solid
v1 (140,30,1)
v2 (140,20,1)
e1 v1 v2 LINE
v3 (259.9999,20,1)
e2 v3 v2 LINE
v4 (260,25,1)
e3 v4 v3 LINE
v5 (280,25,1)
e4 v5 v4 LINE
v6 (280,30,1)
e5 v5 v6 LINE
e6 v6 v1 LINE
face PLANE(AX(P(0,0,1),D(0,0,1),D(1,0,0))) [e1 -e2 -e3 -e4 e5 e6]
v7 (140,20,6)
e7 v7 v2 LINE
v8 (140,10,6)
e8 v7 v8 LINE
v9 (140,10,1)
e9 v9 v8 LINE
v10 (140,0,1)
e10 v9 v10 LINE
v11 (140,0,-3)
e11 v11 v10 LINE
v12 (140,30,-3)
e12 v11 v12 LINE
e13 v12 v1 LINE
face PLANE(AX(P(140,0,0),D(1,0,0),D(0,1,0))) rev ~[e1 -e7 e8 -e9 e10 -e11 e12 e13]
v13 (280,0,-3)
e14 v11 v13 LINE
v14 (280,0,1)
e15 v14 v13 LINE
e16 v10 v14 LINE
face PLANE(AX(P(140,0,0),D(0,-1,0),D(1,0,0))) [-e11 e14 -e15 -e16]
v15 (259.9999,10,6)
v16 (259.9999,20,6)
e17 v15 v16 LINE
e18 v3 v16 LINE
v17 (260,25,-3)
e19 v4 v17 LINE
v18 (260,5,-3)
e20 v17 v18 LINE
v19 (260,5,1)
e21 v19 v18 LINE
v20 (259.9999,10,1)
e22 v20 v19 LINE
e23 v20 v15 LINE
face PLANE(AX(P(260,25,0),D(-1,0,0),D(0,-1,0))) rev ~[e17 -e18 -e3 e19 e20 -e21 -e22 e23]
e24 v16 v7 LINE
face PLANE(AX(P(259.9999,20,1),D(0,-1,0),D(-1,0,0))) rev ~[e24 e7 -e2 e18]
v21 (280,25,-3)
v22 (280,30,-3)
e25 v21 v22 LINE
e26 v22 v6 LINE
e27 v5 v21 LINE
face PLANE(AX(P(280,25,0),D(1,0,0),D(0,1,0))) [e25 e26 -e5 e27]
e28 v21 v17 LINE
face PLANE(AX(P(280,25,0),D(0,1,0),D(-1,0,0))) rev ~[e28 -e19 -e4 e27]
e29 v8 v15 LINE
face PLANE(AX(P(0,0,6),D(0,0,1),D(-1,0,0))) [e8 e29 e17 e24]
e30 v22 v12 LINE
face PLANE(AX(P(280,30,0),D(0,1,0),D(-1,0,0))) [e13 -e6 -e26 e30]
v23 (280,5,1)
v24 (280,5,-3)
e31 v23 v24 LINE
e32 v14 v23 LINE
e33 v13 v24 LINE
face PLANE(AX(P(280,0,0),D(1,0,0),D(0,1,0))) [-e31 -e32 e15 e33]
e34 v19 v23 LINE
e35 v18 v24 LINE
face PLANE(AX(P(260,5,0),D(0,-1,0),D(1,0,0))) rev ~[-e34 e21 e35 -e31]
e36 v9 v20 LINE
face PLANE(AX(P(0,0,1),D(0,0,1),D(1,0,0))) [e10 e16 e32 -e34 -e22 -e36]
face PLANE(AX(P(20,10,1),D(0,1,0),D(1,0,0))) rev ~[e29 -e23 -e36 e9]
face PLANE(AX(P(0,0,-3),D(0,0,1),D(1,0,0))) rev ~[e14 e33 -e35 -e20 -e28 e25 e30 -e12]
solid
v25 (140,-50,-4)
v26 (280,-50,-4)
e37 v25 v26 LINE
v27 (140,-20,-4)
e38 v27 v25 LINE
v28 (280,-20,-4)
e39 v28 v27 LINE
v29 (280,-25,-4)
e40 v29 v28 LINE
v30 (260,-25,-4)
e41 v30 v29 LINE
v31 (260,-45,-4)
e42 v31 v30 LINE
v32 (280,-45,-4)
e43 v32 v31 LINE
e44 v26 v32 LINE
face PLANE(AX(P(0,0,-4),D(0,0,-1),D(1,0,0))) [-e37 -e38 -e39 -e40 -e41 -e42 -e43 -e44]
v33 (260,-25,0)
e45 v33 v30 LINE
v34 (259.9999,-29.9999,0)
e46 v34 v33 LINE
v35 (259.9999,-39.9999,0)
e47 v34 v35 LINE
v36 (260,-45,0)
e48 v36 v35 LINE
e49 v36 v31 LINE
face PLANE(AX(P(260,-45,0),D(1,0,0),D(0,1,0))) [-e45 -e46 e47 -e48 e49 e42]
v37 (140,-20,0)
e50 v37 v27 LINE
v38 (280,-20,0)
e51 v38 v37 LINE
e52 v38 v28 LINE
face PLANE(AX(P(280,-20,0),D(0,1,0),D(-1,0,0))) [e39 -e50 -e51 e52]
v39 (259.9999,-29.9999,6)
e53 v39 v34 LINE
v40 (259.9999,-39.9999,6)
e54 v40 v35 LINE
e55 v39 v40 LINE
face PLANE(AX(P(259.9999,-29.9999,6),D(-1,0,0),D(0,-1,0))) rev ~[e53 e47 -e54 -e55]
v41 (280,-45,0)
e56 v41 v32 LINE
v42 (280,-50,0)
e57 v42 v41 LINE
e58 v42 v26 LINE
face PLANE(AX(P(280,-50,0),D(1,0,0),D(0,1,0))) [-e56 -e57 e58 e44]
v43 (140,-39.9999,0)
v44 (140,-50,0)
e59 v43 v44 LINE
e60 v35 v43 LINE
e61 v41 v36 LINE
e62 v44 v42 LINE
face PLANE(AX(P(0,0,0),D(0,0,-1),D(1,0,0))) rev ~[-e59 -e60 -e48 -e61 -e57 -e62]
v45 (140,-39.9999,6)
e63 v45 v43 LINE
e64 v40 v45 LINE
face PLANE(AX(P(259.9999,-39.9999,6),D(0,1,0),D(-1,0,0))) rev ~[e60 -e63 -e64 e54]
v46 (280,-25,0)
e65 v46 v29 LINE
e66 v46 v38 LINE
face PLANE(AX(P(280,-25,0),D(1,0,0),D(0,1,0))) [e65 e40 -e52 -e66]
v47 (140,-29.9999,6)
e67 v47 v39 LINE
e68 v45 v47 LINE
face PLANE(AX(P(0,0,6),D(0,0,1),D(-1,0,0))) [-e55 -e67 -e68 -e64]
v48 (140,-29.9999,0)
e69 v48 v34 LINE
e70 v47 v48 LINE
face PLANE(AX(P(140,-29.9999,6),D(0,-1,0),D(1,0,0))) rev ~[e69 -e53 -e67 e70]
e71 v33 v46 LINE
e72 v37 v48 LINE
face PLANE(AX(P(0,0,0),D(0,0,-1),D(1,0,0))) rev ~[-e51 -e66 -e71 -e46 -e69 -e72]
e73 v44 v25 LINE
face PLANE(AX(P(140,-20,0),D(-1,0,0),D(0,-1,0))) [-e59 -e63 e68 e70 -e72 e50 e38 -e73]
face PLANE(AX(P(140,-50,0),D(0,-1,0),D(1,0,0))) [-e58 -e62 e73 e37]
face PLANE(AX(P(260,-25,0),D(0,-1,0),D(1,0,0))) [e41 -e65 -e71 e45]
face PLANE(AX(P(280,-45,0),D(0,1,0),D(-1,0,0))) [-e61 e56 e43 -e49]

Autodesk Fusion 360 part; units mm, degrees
sketch "Skizze1" plane through (0, 0, 0) normal (0, 0, 1) x (1, 0, 0)
  line L0 (0, 0) -> (280, 0)
  line L1 (280, 0) -> (280, 30)
  line L2 (280, 30) -> (0, 30)
  line L3 (0, 30) -> (0, 0)
  dimension "d1" = 30
  dimension "d2" = 280
extrude "Extrusion1" add sketch "Skizze1" along normal blind 1 makes body 1
sketch "Skizze2" plane through (0, 0, 1) normal (0, 0, 1) x (-1, 0, 0)
  line L0 (0, -30) -> (0, 0)
  line L1 (0, 0) -> (-280, 0)
  line L2 (-280, 0) -> (-280, -30)
  line L3 (-280, -30) -> (0, -30)
  line L4 (0, -25) -> (-20, -25)
  line L5 (-20, -25) -> (-20, -5)
  line L6 (-20, -5) -> (0, -5)
  line L7 (0, -5) -> (0, -25)
  line L8 (-280, -25) -> (-260, -25)
  line L9 (-260, -25) -> (-260, -5)
  line L10 (-260, -5) -> (-280, -5)
  line L11 (-280, -5) -> (-280, -25)
  dimension "d5" = 20
  dimension "d6" = 20
  dimension "d7" = 5
  dimension "d8" = 5
  dimension "d9" = 20
  dimension "d10" = 20
  dimension "d11" = 5
extrude "Extrusion2" cut sketch "Skizze2" against normal blind 10 contours L0 L4 L5 L6 L7 | L2 L8 L9 L10 L11 bodies 1
sketch "Skizze3" plane through (0, 0, 1) normal (0, 0, 1) x (-1, 0, 0)
  line L0 (-260, -25) -> (-280, -25)
  line L1 (-280, -25) -> (-280, -30)
  line L2 (-280, -30) -> (0, -30)
  line L3 (0, -30) -> (0, -25)
  line L4 (0, -25) -> (-20, -25)
  line L5 (-20, -25) -> (-20, -5)
  line L6 (-20, -5) -> (0, -5)
  line L7 (0, -5) -> (0, 0)
  line L8 (0, 0) -> (-280, 0)
  line L9 (-280, 0) -> (-280, -5)
  line L10 (-280, -5) -> (-260, -5)
  line L11 (-260, -5) -> (-260, -25)
  line L12 (-259.9999, -20) -> (-20, -20)
  line L13 (-20, -20) -> (-20, -10)
  line L14 (-20, -10) -> (-259.9999, -10)
  line L15 (-259.9999, -10) -> (-259.9999, -20)
  dimension "d14" = 10
  dimension "d16" = 10
extrude "Extrusion3" add sketch "Skizze3" along normal blind 5 contours L5 L11 L12 L13 L14 L15 bodies 1
sketch "Skizze4" plane through (0, 0, 0) normal (0, 0, -1) x (1, 0, 0)
  line L0 (280, -25) -> (260, -25)
  line L1 (260, -25) -> (260, -5)
  line L2 (260, -5) -> (280, -5)
  line L3 (280, -5) -> (280, 0)
  line L4 (280, 0) -> (0, 0)
  line L5 (0, 0) -> (0, -5)
  line L6 (0, -5) -> (20, -5)
  line L7 (20, -5) -> (20, -25)
  line L8 (20, -25) -> (0, -25)
  line L9 (0, -25) -> (0, -30)
  line L10 (0, -30) -> (280, -30)
  line L11 (280, -30) -> (280, -25)
  line L12 (0, 0) -> (140, 0)
  line L13 (140, 0) -> (140, -30)
  line L14 (140, -30) -> (0, -30)
  line L15 (0, -30) -> (0, 0)
  dimension "d21" = 140
extrude "Extrusion4" cut sketch "Skizze4" against normal blind 15 contours L4 L5 L6 L7 L8 L9 L10 L12 L13 L14 L15 bodies 1
sketch "Skizze5" plane through (0, 0, 0) normal (0, 0, -1) x (1, 0, 0)
  line L0 (140, 0) -> (140, -30)
  line L1 (140, -30) -> (280, -30)
  line L2 (280, -30) -> (280, -25)
  line L3 (280, -25) -> (260, -25)
  line L4 (260, -25) -> (260, -5)
  line L5 (260, -5) -> (280, -5)
  line L6 (280, -5) -> (280, 0)
  line L7 (280, 0) -> (140, 0)
  line L8 (140, 10) -> (285, 10)
  line L9 (285, 10) -> (285, 5)
  line L10 (285, 5) -> (140, 5)
  line L11 (140, 5) -> (140, 10)
  line L12 (280, 45) -> (260, 45)
  line L13 (280, 50) -> (280, 45)
  line L14 (260, 25) -> (280, 25)
  line L15 (140, 50) -> (280, 50)
  line L16 (260, 45) -> (260, 25)
  line L17 (140, 20) -> (140, 50)
  line L18 (280, 20) -> (140, 20)
  line L19 (280, 25) -> (280, 20)
extrude "Extrusion5" add sketch "Skizze5" along normal blind 4 separate body contours L12 L13 L14 L15 L16 L17 L18 L19 makes body 2
extrude "Extrusion6" add 1 faces at (180, 18.3333, 0) along direction (0, 0, -1) blind 3 on bodies 1 bodies 1
sketch "Skizze6" plane through (0, 0, 6) normal (0, 0, 1) x (-1, 0, 0)
  line L0 (-140, -20) -> (-140, -10)
  line L1 (-140, -10) -> (-259.9999, -10)
  line L2 (-259.9999, -10) -> (-259.9999, -20)
  line L3 (-259.9999, -20) -> (-140, -20)
  line L4 (-280, 15) -> (-140, 15)
  line L5 (-140, 15) -> (-140, 9.9999)
  line L6 (-140, 9.9999) -> (-280, 9.9999)
  line L7 (-280, 9.9999) -> (-280, 15)
  line L8 (-140, 29.9999) -> (-259.9999, 29.9999)
  line L9 (-259.9999, 29.9999) -> (-259.9999, 39.9999)
  line L10 (-259.9999, 39.9999) -> (-140, 39.9999)
  line L11 (-140, 39.9999) -> (-140, 29.9999)
extrude "Extrusion7" add sketch "Skizze6" against normal blind 6 contours L8 L9 L10 L11 bodies 2
